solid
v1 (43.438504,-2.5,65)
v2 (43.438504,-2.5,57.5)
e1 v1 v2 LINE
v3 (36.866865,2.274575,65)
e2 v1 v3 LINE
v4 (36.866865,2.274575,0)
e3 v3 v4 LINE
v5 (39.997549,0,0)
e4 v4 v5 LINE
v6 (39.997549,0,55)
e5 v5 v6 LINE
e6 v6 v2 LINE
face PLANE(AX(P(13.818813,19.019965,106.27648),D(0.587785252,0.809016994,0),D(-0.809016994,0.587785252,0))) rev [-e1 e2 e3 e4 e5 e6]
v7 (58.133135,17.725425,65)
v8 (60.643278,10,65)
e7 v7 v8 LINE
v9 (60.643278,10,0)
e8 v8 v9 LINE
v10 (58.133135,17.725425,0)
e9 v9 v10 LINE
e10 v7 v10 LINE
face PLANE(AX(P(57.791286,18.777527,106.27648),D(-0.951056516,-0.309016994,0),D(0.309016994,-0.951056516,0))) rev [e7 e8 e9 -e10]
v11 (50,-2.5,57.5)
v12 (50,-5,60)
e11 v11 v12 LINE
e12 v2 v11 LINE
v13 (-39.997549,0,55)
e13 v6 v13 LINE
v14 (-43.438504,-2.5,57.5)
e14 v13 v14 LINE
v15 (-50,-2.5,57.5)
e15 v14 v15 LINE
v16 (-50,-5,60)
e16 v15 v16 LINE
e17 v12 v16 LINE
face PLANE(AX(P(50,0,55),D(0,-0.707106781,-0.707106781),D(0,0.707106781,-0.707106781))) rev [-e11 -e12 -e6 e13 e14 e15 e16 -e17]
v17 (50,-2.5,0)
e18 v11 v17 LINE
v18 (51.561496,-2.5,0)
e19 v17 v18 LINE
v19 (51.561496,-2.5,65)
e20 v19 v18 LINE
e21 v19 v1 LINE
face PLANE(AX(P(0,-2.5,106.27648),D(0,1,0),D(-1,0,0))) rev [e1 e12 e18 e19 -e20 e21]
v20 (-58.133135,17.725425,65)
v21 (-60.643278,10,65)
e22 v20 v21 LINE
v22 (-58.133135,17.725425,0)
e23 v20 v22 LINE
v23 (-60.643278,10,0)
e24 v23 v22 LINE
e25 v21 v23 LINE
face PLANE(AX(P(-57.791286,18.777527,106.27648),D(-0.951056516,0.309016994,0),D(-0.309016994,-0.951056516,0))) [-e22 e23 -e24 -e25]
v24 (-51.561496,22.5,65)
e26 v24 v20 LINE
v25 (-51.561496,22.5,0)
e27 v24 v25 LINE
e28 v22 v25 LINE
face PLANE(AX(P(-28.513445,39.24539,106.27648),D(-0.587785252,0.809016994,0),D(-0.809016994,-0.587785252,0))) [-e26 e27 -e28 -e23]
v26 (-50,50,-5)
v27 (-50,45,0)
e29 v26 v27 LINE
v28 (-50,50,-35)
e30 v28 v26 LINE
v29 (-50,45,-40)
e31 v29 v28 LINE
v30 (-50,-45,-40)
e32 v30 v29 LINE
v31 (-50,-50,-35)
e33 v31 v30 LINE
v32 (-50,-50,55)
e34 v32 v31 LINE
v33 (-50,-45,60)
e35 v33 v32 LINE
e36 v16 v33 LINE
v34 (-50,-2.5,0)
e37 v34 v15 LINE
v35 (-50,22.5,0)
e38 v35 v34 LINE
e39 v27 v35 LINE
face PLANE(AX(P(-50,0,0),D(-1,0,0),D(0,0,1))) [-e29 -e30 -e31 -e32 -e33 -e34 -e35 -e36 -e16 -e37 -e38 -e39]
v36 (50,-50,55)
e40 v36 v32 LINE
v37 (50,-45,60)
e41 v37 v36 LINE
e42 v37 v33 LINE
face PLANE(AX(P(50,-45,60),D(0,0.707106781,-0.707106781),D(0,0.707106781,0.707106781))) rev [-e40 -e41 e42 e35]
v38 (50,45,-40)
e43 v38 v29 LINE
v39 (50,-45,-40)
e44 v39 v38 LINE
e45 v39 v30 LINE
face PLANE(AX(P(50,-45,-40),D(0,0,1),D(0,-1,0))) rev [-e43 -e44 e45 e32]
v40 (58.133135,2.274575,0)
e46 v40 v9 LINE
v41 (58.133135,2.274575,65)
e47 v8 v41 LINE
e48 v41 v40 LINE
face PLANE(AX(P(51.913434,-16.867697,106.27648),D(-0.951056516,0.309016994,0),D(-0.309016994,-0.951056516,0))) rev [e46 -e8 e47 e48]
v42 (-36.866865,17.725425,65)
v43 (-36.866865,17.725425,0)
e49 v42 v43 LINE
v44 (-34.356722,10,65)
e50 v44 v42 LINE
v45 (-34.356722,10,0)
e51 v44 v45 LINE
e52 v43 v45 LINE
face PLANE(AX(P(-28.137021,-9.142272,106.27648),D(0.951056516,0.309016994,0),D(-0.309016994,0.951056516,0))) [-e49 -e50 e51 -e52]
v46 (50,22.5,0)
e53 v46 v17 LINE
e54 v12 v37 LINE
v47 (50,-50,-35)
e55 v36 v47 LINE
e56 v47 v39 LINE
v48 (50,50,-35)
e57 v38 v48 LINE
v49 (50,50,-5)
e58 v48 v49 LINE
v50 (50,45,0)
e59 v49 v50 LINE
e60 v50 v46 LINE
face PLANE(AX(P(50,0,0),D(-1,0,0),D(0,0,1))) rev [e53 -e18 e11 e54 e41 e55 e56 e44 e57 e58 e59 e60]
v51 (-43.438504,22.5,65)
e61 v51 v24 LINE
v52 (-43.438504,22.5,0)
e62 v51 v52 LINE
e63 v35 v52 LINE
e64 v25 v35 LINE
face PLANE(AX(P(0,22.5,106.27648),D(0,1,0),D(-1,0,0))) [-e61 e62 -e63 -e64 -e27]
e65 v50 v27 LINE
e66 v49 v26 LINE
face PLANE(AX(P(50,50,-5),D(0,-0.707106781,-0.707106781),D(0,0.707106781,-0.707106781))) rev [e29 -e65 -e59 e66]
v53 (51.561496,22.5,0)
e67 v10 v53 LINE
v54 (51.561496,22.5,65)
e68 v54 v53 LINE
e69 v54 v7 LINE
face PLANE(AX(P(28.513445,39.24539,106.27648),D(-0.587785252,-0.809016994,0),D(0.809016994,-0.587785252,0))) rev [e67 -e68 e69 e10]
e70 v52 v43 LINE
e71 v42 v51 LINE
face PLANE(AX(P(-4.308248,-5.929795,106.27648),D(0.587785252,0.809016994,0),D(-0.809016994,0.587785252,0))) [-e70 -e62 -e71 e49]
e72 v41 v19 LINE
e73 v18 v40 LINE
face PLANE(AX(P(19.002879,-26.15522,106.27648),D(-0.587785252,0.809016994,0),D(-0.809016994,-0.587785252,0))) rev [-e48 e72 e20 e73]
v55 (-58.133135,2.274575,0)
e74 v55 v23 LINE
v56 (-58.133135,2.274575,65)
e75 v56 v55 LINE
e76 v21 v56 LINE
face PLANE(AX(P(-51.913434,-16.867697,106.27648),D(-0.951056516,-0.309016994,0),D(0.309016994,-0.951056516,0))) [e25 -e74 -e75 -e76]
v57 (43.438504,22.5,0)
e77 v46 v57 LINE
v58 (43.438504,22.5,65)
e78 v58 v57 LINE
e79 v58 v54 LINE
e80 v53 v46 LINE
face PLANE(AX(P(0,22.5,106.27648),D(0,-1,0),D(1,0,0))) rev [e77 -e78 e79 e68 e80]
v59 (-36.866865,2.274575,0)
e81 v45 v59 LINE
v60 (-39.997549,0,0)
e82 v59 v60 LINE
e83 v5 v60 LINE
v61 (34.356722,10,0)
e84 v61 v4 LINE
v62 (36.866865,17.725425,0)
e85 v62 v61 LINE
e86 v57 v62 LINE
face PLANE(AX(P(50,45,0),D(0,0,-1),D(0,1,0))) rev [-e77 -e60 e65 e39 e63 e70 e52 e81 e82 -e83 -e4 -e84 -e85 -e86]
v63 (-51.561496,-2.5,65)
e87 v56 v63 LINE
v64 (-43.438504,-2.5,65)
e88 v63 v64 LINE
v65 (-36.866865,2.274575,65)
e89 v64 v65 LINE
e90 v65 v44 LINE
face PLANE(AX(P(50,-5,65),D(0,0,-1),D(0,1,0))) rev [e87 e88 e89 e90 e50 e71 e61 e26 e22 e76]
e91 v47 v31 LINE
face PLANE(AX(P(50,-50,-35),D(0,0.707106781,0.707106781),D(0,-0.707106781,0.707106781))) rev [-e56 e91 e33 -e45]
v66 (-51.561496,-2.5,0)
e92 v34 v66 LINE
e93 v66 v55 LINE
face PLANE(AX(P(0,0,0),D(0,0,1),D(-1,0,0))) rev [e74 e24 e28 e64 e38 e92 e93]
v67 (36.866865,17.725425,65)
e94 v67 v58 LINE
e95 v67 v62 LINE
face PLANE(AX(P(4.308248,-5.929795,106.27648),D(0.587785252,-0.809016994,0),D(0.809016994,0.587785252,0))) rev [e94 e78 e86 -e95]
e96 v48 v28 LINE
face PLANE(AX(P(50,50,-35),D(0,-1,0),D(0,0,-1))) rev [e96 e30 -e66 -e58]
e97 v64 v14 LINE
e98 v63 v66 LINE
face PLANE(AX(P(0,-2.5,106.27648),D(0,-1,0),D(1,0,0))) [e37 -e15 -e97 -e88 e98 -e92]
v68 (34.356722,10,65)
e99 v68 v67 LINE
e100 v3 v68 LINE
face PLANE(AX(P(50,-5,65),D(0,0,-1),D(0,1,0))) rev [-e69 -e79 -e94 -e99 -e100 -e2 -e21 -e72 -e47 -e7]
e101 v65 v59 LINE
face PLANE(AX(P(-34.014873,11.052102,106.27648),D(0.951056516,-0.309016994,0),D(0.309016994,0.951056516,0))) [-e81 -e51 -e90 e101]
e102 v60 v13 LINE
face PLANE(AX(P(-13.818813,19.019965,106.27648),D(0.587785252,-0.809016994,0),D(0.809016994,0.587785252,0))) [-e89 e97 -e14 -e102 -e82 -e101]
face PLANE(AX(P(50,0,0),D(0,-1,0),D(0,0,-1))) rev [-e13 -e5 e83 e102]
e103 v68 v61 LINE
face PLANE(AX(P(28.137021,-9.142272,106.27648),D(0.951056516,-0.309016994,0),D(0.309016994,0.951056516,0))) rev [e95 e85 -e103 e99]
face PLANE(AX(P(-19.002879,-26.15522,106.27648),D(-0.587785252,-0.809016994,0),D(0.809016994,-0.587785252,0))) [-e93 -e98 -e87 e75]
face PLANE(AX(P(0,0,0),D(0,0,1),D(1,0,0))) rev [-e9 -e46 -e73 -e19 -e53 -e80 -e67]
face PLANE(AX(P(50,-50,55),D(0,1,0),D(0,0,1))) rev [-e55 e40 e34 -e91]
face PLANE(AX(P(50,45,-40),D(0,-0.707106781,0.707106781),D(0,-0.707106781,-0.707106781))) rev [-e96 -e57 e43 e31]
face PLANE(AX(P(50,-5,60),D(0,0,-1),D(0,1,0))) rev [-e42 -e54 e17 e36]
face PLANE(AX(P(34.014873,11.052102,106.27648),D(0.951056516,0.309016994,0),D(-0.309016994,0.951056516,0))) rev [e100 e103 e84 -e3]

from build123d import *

# Parameters (mm, degrees)
BOSS_EXTRUDE1_DEPTH = 50
BOSS_EXTRUDE3_DEPTH = 65


with BuildPart() as part:
    # Sketch1 → Boss-Extrude1 (new body, symmetric)
    with BuildSketch(Plane(origin=(0, 0, 0), x_dir=(0, 0, -1), z_dir=(1, 0, 0))):
        Polygon((0, 0), (-55, 0), (-60, -5), (-60, -45), (-55, -50), (35, -50), (40, -45), (40, 45), (35, 50), (5, 50), (0, 45), align=None)
    extrude(amount=BOSS_EXTRUDE1_DEPTH, both=True)

    # Sketch2 → Boss-Extrude3 (add)
    with BuildSketch(Plane.XY):
        Polygon((60.643277803, 10), (58.133135104, 17.725424859), (51.561496203, 22.5), (43.438503797, 22.5), (36.866864896, 17.725424859), (34.356722197, 10), (36.866864896, 2.274575141), (43.438503797, -2.5), (51.561496203, -2.5), (58.133135104, 2.274575141), align=None)
    boss_extrude3 = extrude(amount=BOSS_EXTRUDE3_DEPTH)

    # Mirror1: Boss-Extrude3 across plane
    add(boss_extrude3.mirror(Plane(origin=(0, 0, 0), x_dir=(0, 0, 1), z_dir=(1, 0, 0))))


solid = part.part
